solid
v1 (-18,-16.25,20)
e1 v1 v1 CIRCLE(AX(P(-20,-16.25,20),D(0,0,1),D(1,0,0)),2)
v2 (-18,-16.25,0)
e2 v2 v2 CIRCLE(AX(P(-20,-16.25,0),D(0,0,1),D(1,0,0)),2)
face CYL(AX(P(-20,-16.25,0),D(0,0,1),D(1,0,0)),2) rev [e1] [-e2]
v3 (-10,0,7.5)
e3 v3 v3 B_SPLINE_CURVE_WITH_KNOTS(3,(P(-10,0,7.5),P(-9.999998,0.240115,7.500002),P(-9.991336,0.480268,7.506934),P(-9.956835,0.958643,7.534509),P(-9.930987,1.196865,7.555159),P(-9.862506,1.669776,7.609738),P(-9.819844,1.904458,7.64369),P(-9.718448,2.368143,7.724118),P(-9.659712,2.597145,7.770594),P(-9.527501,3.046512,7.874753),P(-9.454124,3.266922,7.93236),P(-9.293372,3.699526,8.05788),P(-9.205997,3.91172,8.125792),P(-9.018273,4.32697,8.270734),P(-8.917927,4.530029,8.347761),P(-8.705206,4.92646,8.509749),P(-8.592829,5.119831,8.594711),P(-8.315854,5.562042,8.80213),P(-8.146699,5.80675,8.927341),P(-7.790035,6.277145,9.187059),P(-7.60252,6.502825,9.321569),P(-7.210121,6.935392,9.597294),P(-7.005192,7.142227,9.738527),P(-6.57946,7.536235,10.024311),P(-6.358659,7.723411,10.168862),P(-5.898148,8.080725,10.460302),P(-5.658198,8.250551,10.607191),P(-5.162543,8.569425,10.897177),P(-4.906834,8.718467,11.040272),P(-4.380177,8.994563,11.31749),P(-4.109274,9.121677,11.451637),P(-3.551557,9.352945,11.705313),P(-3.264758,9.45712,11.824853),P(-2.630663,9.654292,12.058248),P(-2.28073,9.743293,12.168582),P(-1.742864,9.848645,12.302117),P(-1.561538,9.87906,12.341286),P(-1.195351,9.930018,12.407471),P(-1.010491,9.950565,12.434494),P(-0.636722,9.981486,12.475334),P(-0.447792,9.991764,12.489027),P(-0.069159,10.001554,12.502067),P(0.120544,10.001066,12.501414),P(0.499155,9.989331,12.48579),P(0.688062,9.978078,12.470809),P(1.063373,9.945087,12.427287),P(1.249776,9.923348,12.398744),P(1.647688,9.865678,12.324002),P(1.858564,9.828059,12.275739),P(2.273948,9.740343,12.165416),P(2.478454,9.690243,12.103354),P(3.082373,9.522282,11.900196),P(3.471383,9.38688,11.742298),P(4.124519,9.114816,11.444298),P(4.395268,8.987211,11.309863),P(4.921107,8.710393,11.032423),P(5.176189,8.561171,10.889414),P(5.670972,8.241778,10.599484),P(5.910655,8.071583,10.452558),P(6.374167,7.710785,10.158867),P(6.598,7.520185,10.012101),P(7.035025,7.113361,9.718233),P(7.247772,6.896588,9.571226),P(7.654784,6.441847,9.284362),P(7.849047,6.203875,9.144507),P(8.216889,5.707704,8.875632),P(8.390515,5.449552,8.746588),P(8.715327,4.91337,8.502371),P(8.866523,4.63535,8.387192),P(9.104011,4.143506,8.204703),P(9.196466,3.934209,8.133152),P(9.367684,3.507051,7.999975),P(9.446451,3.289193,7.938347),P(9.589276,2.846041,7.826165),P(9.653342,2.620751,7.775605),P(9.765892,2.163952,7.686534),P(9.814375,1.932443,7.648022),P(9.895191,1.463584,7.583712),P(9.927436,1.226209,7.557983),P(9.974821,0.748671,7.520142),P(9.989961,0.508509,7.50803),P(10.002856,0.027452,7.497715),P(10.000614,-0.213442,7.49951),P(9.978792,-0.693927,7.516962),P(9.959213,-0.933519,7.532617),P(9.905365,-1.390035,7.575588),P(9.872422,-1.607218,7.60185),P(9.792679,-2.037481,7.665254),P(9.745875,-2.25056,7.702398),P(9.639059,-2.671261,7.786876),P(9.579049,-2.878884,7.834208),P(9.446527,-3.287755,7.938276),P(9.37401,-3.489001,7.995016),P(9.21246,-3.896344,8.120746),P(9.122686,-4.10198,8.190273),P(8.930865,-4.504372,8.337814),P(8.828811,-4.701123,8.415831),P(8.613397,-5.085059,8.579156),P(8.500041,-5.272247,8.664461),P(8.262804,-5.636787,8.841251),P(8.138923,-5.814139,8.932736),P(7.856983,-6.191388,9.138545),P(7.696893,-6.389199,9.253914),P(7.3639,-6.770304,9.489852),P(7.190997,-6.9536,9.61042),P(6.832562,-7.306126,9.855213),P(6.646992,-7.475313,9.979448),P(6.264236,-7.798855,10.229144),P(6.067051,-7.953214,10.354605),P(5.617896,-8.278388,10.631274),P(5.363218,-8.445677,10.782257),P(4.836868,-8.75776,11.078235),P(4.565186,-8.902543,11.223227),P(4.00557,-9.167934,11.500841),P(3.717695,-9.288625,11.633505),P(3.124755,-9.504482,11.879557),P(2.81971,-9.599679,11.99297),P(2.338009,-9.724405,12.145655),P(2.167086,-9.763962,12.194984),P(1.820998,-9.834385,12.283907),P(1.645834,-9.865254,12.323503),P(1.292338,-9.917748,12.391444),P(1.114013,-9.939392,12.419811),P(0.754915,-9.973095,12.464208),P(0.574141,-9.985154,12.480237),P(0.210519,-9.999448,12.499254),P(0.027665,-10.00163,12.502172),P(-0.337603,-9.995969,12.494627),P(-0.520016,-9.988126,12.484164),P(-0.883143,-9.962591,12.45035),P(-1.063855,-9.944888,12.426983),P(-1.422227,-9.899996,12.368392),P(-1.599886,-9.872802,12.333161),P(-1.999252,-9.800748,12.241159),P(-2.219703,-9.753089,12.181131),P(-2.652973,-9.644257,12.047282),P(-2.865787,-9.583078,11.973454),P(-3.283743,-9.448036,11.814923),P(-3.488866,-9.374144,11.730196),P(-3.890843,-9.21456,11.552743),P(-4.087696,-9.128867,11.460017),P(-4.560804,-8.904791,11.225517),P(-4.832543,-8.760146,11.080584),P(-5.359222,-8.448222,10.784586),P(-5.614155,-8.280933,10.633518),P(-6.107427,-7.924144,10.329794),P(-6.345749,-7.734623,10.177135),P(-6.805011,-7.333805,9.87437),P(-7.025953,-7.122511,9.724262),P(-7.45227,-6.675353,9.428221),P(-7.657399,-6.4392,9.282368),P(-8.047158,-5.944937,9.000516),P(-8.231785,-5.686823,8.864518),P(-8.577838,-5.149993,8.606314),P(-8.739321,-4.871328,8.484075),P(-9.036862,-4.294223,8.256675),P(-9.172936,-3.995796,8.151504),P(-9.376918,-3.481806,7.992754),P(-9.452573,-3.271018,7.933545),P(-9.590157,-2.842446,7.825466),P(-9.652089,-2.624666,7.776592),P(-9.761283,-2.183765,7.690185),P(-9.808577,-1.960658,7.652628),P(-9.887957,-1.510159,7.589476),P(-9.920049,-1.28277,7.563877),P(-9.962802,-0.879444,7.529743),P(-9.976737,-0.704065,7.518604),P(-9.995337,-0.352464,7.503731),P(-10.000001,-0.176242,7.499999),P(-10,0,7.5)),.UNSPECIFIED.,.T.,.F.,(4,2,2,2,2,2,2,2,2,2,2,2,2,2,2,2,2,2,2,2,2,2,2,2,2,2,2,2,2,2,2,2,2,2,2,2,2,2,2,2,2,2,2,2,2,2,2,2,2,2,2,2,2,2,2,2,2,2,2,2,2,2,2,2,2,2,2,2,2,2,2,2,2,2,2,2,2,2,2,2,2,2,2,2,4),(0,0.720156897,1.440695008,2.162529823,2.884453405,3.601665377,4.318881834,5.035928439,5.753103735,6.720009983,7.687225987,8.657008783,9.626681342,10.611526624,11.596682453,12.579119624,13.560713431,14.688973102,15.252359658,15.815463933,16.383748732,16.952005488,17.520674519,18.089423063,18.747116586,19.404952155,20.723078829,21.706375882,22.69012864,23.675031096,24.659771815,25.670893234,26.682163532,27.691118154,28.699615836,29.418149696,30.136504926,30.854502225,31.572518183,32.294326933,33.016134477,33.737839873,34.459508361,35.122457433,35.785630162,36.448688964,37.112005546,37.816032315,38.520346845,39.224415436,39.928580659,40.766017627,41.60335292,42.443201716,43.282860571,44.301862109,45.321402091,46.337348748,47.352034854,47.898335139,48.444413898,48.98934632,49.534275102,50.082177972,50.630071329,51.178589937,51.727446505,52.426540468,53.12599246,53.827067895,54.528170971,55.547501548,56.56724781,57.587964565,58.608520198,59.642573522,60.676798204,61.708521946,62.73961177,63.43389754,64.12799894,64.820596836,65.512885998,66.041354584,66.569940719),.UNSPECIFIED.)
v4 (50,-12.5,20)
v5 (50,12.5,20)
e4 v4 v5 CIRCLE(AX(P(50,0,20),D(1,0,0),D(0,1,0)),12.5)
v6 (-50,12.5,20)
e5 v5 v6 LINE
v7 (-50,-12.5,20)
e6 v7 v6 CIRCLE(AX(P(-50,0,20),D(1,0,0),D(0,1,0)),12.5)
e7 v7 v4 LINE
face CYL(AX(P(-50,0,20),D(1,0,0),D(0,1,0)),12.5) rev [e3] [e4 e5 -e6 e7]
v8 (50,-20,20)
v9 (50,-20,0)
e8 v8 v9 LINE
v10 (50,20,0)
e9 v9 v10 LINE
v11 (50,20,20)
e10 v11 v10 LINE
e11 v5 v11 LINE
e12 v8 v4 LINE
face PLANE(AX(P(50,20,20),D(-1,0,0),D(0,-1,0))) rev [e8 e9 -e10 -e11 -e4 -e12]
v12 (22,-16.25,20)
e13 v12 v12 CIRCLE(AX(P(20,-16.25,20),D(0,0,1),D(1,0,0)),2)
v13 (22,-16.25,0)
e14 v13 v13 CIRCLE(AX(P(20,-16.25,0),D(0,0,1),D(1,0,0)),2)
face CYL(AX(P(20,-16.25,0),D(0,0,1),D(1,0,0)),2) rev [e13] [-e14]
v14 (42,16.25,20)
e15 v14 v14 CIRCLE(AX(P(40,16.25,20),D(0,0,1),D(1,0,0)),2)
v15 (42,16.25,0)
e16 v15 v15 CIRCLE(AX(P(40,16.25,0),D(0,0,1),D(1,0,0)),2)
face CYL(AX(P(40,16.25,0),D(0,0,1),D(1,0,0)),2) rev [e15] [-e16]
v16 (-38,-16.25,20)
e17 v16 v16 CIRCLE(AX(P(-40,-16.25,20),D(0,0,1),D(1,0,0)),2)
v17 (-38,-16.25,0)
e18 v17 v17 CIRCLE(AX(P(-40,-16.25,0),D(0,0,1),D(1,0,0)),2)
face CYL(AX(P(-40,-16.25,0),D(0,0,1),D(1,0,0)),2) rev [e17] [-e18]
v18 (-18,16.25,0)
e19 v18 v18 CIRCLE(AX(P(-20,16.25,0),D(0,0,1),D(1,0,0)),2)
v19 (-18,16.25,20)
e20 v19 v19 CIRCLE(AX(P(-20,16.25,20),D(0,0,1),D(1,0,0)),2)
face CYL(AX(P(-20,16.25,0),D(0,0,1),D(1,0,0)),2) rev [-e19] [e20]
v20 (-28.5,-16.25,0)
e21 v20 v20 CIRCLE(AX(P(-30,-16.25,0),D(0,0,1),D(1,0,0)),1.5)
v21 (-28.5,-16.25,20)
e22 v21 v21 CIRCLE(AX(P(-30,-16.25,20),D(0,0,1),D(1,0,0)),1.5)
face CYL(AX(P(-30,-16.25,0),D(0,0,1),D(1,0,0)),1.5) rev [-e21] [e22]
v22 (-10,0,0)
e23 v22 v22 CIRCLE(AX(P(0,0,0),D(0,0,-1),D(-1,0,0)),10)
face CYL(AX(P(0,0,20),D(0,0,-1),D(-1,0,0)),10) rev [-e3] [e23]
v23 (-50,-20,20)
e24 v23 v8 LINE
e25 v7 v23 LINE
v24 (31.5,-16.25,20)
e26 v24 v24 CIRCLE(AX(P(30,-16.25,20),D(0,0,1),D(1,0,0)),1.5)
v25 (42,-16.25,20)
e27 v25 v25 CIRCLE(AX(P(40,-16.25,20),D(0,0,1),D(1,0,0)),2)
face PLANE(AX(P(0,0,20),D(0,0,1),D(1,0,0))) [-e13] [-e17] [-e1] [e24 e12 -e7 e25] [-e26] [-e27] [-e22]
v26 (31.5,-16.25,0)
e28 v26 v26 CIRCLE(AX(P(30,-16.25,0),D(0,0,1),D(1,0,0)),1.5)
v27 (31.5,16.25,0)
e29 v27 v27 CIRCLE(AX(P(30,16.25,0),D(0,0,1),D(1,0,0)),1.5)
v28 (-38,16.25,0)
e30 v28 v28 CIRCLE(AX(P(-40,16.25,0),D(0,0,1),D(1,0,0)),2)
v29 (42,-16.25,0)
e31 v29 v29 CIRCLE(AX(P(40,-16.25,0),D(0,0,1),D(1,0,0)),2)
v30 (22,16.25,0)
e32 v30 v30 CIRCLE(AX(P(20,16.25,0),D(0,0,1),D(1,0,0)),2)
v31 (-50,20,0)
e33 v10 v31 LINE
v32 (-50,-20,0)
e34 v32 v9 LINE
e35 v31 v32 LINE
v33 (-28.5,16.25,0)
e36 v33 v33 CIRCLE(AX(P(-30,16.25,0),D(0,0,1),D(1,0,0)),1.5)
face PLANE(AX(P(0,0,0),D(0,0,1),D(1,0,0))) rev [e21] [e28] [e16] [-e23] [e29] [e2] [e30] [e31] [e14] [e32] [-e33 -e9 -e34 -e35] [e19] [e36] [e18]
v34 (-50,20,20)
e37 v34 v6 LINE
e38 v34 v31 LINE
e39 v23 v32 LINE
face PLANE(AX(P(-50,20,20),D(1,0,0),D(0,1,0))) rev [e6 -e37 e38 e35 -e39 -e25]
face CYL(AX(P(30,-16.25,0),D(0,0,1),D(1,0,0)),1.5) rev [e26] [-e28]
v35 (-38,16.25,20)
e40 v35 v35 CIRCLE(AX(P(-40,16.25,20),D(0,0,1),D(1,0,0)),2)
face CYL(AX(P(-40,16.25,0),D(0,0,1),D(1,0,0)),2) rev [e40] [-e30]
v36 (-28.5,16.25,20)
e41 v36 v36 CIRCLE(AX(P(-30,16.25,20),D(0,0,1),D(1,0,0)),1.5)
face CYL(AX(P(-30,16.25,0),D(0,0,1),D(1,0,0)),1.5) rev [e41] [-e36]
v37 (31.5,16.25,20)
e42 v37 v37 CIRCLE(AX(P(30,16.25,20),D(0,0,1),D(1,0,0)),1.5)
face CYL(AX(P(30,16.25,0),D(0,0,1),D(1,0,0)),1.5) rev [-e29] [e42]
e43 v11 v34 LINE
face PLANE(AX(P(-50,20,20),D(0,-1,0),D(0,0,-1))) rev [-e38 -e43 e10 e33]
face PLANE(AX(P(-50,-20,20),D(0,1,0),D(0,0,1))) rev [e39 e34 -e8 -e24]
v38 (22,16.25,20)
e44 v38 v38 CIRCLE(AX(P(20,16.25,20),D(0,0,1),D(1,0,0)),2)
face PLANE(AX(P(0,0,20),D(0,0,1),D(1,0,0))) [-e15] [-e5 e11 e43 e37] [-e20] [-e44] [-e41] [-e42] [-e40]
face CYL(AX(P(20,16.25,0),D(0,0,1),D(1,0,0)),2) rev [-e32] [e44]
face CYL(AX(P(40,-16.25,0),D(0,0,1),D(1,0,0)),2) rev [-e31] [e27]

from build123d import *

# Parameters (mm, degrees)
SKETCH1_W           = 100
SKETCH1_H           = 40
BOSS_EXTRUDE2_DEPTH = 20
SKETCH3_R           = 12.5
CUT_EXTRUDE1_DEPTH  = 100
SKETCH4_R           = 2
SKETCH4_R_2         = 1.5
CUT_EXTRUDE2_DEPTH  = 20
SKETCH5_R           = 10
CUT_EXTRUDE3_DEPTH  = 20


with BuildPart() as part:
    # Sketch1 → Boss-Extrude2 (new body)
    with BuildSketch(Plane.XY):
        Rectangle(SKETCH1_W, SKETCH1_H)
    extrude(amount=BOSS_EXTRUDE2_DEPTH)

    # Sketch3 → Cut-Extrude1 (cut)
    with BuildSketch(Plane(origin=(50, 0, 0), x_dir=(0, 0, -1), z_dir=(1, 0, 0))):
        with Locations((-20, 0)):
            Circle(SKETCH3_R)
    extrude(amount=-CUT_EXTRUDE1_DEPTH, mode=Mode.SUBTRACT)

    # Sketch4 → Cut-Extrude2 (cut)
    with BuildSketch(Plane.XY.offset(20)):
        with Locations((-20, 16.25)):
            Circle(SKETCH4_R)
        with Locations((-30, 16.25)):
            Circle(SKETCH4_R_2)
        with Locations((-40, 16.25)):
            Circle(SKETCH4_R)
        with Locations((30, 16.25)):
            Circle(SKETCH4_R_2)
        with Locations((40, 16.25)):
            Circle(SKETCH4_R)
        with Locations((20, 16.25)):
            Circle(SKETCH4_R)
        with Locations((-40, -16.25)):
            Circle(SKETCH4_R)
        with Locations((-30, -16.25)):
            Circle(SKETCH4_R_2)
        with Locations((-20, -16.25)):
            Circle(SKETCH4_R)
        with Locations((20, -16.25)):
            Circle(SKETCH4_R)
        with Locations((30, -16.25)):
            Circle(SKETCH4_R_2)
        with Locations((40, -16.25)):
            Circle(SKETCH4_R)
    extrude(amount=-CUT_EXTRUDE2_DEPTH, mode=Mode.SUBTRACT)

    # Sketch5 → Cut-Extrude3 (cut)
    with BuildSketch(Plane(origin=(0, 0, 0), x_dir=(-1, 0, 0), z_dir=(0, 0, -1))):
        Circle(SKETCH5_R)
    extrude(amount=-CUT_EXTRUDE3_DEPTH, mode=Mode.SUBTRACT)


solid = part.part
